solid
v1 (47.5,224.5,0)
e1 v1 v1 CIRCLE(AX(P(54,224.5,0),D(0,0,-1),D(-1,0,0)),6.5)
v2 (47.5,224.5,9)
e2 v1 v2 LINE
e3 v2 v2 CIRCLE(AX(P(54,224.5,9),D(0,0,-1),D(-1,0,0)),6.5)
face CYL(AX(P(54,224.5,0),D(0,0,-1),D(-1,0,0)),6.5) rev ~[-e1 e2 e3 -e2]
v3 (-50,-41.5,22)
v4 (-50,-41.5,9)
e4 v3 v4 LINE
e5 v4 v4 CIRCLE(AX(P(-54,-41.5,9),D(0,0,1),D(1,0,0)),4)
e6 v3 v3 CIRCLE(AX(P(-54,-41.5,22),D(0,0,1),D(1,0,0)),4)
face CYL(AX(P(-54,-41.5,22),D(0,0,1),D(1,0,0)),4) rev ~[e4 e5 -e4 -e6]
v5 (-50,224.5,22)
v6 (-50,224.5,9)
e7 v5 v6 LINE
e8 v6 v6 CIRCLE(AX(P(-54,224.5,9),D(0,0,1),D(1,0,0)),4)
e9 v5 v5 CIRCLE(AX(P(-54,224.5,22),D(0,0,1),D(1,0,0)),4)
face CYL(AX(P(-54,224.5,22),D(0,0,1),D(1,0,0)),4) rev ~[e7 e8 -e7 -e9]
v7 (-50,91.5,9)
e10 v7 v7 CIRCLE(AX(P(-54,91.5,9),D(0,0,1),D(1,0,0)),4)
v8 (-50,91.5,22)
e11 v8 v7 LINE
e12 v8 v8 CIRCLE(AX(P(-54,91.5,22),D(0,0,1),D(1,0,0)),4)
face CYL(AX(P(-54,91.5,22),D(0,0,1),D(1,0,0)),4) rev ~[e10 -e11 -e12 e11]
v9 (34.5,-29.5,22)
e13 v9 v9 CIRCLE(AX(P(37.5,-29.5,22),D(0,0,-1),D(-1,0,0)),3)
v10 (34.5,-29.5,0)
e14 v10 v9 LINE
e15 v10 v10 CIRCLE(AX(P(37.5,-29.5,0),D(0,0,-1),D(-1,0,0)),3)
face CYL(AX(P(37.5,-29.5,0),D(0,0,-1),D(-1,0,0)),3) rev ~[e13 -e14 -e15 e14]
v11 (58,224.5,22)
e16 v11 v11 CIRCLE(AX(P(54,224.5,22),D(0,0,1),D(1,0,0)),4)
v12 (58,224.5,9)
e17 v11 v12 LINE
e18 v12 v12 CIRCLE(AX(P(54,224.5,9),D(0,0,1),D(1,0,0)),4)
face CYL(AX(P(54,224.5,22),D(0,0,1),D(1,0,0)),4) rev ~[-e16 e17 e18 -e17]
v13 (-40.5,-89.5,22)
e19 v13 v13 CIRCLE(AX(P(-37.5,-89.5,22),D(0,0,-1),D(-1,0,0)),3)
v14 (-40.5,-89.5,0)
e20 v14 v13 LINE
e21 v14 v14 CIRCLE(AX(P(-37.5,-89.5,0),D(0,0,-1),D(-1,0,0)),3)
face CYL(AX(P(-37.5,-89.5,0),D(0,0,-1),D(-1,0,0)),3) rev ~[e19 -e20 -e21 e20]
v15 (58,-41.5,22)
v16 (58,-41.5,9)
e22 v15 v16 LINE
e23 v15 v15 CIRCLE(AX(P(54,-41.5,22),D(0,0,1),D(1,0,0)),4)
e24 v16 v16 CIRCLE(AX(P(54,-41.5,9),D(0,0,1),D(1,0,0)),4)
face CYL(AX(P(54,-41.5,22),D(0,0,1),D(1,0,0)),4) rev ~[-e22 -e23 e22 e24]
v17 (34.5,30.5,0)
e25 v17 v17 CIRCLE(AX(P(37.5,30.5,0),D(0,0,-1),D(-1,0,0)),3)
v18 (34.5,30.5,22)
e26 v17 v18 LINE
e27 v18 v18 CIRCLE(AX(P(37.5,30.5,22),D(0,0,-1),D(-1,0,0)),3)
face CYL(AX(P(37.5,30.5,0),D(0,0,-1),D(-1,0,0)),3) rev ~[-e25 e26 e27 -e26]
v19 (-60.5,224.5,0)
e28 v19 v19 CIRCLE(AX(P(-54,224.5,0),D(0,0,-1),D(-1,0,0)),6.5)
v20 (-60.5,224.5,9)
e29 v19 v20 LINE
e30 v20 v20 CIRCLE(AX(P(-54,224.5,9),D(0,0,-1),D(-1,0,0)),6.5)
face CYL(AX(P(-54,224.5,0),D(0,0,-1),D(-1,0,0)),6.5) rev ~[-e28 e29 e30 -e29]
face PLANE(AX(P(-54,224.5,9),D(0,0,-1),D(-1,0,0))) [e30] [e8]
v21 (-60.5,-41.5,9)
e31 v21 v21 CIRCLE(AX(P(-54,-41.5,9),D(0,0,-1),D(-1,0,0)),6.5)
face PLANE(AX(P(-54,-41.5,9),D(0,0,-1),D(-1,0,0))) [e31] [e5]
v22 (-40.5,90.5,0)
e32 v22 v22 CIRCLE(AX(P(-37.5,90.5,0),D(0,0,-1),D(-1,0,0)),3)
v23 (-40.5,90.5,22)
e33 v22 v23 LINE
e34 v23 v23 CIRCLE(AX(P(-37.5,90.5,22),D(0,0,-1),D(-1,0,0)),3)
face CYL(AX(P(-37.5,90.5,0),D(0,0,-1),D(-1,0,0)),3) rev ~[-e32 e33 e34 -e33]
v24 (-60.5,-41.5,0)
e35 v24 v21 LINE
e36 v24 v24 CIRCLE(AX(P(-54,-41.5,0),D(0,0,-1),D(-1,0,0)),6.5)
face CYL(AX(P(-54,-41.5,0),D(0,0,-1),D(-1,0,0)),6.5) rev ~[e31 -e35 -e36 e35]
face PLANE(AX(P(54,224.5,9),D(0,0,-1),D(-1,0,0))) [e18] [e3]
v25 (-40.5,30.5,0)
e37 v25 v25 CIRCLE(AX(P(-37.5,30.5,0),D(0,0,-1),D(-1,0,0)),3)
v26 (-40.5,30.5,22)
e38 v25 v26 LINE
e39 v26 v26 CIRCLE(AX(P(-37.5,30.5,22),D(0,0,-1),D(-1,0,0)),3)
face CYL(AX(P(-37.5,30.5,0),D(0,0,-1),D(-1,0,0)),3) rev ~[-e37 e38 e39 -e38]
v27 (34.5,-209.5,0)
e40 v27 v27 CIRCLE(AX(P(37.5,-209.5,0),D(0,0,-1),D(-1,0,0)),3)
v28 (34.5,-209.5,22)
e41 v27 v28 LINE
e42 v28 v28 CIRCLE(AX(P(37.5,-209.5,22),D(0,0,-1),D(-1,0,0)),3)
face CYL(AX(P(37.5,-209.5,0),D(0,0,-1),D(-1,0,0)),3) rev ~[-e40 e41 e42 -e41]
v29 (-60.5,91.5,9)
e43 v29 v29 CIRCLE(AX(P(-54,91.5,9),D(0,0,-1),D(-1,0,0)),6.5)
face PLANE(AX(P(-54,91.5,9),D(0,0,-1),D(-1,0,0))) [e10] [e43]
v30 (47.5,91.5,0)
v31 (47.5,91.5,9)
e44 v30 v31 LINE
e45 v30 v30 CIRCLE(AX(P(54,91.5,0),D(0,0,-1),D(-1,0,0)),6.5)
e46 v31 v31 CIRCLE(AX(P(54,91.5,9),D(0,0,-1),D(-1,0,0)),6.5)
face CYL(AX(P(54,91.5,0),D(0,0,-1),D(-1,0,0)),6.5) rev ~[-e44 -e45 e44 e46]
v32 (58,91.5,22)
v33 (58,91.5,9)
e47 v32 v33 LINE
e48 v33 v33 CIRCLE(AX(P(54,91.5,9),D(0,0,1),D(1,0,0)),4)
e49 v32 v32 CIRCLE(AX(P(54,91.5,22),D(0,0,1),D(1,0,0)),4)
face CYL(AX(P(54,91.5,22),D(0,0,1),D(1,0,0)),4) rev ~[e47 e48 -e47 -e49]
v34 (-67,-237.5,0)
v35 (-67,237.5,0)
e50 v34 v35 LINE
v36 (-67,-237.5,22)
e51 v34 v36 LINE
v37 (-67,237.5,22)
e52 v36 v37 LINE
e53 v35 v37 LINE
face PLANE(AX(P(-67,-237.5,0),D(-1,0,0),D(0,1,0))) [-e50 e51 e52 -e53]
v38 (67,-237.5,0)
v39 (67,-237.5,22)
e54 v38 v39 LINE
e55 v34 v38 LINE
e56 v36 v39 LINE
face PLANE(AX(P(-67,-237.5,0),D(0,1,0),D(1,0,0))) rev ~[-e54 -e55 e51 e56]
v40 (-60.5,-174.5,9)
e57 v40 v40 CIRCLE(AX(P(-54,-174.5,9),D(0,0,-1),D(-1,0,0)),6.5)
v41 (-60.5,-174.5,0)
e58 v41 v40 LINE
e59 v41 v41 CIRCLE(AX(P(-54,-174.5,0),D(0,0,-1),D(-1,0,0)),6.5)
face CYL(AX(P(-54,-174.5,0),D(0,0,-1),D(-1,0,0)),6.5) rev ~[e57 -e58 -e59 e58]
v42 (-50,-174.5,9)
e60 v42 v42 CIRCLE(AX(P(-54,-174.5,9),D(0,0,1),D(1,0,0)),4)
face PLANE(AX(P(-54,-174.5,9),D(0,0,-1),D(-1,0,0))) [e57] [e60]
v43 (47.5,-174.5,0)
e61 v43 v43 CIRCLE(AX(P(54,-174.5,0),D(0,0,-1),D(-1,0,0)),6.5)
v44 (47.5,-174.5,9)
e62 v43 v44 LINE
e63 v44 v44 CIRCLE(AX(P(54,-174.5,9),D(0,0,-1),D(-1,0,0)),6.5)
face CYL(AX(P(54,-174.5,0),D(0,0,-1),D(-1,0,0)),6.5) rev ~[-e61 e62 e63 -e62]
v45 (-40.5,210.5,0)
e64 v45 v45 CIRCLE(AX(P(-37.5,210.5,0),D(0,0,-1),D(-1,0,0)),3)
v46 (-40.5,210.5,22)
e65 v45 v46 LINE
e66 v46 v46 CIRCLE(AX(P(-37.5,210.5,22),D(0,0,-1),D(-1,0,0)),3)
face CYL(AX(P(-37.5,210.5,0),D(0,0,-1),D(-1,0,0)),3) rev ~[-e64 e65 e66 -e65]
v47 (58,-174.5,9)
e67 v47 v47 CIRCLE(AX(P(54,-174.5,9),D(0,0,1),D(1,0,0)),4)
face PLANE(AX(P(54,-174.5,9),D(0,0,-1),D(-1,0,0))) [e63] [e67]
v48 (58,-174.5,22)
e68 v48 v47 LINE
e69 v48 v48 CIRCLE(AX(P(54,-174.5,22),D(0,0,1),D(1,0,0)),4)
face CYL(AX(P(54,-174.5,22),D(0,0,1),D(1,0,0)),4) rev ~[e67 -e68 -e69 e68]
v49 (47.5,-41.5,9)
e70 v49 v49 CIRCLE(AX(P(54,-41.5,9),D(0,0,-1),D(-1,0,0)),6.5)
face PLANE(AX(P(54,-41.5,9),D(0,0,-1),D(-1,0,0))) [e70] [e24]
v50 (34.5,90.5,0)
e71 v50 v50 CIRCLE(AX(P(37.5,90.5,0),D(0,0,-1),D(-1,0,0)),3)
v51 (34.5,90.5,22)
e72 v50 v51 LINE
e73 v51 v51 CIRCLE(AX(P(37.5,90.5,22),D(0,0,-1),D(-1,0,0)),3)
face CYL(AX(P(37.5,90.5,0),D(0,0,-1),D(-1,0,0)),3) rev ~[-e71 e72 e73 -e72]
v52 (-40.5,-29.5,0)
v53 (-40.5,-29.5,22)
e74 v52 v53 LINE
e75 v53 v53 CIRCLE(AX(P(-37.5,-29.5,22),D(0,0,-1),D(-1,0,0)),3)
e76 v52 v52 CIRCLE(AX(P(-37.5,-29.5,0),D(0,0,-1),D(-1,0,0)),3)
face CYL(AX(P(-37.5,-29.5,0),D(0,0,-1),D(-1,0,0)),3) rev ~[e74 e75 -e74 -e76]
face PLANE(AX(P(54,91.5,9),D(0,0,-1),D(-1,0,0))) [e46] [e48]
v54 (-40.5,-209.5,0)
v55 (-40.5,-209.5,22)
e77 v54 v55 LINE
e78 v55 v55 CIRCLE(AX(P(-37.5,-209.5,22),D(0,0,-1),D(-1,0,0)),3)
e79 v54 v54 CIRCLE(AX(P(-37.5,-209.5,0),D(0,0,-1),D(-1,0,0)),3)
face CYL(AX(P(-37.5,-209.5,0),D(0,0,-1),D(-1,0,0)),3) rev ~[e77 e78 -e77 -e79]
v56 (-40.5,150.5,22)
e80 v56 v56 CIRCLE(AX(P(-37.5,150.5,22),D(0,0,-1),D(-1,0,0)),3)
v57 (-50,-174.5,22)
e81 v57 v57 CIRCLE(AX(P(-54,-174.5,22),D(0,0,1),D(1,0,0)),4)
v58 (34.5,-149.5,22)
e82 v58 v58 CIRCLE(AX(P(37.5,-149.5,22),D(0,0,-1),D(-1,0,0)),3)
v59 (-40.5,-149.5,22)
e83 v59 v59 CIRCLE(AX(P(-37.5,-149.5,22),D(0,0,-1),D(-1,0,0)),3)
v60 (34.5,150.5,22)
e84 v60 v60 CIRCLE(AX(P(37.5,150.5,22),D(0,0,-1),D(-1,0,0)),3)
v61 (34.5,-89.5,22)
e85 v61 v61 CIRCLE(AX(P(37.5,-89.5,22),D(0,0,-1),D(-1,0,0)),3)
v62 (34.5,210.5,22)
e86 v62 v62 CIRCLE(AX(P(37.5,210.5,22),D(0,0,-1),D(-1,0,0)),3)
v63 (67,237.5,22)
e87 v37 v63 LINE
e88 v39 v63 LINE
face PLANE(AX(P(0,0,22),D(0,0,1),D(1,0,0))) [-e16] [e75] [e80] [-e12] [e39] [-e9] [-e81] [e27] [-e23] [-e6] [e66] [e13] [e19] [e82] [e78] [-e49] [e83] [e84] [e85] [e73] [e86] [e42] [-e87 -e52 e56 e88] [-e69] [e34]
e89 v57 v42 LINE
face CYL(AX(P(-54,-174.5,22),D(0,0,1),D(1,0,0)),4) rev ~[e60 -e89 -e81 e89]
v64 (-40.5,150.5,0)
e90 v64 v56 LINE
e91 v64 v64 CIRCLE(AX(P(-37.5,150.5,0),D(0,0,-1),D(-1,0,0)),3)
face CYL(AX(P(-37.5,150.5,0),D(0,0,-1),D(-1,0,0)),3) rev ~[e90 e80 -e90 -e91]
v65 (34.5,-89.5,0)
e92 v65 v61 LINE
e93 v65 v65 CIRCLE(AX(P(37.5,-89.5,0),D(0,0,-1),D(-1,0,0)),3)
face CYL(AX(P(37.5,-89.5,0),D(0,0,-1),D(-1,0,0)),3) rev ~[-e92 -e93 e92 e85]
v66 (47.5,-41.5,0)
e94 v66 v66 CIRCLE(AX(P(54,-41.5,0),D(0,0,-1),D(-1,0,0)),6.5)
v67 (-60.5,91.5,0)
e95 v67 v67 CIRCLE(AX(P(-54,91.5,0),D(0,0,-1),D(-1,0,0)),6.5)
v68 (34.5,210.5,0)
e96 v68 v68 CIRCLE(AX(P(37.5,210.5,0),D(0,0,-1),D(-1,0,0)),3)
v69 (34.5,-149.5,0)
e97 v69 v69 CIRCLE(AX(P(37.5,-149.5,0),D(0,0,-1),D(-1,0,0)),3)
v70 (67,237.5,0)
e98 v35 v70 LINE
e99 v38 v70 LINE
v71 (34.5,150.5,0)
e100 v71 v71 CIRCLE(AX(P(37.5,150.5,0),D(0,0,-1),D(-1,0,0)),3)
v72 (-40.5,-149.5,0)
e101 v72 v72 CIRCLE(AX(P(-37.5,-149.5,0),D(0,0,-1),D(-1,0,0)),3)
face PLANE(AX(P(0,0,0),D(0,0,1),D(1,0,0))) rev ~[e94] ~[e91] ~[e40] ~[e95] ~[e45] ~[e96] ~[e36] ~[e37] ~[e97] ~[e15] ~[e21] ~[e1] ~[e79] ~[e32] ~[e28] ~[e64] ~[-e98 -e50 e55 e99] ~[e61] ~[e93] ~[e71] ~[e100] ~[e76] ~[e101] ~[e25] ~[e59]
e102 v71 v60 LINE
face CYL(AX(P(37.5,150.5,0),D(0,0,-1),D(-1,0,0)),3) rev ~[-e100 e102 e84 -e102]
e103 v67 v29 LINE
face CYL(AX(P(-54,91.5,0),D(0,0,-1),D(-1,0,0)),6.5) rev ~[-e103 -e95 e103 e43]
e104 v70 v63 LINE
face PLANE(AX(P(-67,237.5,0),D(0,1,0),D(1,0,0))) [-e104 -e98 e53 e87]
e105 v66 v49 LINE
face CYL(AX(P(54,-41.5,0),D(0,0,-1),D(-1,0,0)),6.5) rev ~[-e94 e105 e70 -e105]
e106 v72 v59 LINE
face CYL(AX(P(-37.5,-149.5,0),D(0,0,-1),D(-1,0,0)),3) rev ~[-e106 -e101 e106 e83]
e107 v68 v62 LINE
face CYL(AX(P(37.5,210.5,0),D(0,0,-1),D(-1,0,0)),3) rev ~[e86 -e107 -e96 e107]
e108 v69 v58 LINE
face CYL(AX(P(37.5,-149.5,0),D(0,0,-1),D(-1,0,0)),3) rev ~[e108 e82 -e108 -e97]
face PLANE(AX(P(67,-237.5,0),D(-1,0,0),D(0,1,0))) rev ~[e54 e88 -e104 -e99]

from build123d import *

# Parameters (mm, degrees)
SZKIC1_W                    = 134
SZKIC1_H                    = 475
DODANIE_WYCI_GNI_CIE1_DEPTH = 22
SZKIC2_R                    = 4
WYTNIJ_WYCI_GNI_CIE1_DEPTH  = 22
SZKIC4_R                    = 6.5
WYTNIJ_WYCI_GNI_CIE3_DEPTH  = 9
SZYK_LINIOWY3_COUNT         = 4
SZYK_LINIOWY3_PITCH         = 133
SZKIC5_R                    = 3
WYTNIJ_WYCI_GNI_CIE4_DEPTH  = 220
SZYK_LINIOWY5_COUNT         = 8
SZYK_LINIOWY5_PITCH         = 60
SZYK_LINIOWY5_COUNT_DIR2    = 2
SZYK_LINIOWY5_PITCH_DIR2    = 75


with BuildPart() as part:
    # Szkic1 → Dodanie-wyciągnięcie1 (new body)
    with BuildSketch(Plane.XY):
        Rectangle(SZKIC1_W, SZKIC1_H)
    extrude(amount=DODANIE_WYCI_GNI_CIE1_DEPTH)

    # Szkic2 → Wytnij-wyciągnięcie1 (cut)
    with BuildSketch(Plane.XY.offset(22)):
        with Locations((-54, 224.5)):
            Circle(SZKIC2_R)
        with Locations((54, 224.5)):
            Circle(SZKIC2_R)
    wytnij_wyci_gni_cie1 = extrude(amount=-WYTNIJ_WYCI_GNI_CIE1_DEPTH, mode=Mode.SUBTRACT)

    # Szkic4 → Wytnij-wyciągnięcie3 (cut)
    with BuildSketch(Plane(origin=(0, 0, 0), x_dir=(-1, 0, 0), z_dir=(0, 0, -1))):
        with Locations((-54, 224.5)):
            Circle(SZKIC4_R)
        with Locations((54, 224.5)):
            Circle(SZKIC4_R)
    wytnij_wyci_gni_cie3 = extrude(amount=-WYTNIJ_WYCI_GNI_CIE3_DEPTH, mode=Mode.SUBTRACT)

    # Szyk liniowy3: Wytnij-wyciągnięcie1, Wytnij-wyciągnięcie3 ×4
    with Locations(*[(0, -i * SZYK_LINIOWY3_PITCH, 0) for i in range(1, SZYK_LINIOWY3_COUNT)]):
        add(wytnij_wyci_gni_cie1, mode=Mode.SUBTRACT)
        add(wytnij_wyci_gni_cie3, mode=Mode.SUBTRACT)

    # Szkic5 → Wytnij-wyciągnięcie4 (cut)
    with BuildSketch(Plane(origin=(0, 0, 0), x_dir=(-1, 0, 0), z_dir=(0, 0, -1))):
        with Locations((37.5, 210.5)):
            Circle(SZKIC5_R)
    wytnij_wyci_gni_cie4 = extrude(amount=-WYTNIJ_WYCI_GNI_CIE4_DEPTH, mode=Mode.SUBTRACT)

    # Szyk liniowy5: Wytnij-wyci_gni_cie4 8 × 2
    with Locations(*[(j * SZYK_LINIOWY5_PITCH_DIR2, -i * SZYK_LINIOWY5_PITCH, 0) for i in range(SZYK_LINIOWY5_COUNT) for j in range(SZYK_LINIOWY5_COUNT_DIR2) if (i, j) != (0, 0)]):
        add(wytnij_wyci_gni_cie4, mode=Mode.SUBTRACT)


solid = part.part
